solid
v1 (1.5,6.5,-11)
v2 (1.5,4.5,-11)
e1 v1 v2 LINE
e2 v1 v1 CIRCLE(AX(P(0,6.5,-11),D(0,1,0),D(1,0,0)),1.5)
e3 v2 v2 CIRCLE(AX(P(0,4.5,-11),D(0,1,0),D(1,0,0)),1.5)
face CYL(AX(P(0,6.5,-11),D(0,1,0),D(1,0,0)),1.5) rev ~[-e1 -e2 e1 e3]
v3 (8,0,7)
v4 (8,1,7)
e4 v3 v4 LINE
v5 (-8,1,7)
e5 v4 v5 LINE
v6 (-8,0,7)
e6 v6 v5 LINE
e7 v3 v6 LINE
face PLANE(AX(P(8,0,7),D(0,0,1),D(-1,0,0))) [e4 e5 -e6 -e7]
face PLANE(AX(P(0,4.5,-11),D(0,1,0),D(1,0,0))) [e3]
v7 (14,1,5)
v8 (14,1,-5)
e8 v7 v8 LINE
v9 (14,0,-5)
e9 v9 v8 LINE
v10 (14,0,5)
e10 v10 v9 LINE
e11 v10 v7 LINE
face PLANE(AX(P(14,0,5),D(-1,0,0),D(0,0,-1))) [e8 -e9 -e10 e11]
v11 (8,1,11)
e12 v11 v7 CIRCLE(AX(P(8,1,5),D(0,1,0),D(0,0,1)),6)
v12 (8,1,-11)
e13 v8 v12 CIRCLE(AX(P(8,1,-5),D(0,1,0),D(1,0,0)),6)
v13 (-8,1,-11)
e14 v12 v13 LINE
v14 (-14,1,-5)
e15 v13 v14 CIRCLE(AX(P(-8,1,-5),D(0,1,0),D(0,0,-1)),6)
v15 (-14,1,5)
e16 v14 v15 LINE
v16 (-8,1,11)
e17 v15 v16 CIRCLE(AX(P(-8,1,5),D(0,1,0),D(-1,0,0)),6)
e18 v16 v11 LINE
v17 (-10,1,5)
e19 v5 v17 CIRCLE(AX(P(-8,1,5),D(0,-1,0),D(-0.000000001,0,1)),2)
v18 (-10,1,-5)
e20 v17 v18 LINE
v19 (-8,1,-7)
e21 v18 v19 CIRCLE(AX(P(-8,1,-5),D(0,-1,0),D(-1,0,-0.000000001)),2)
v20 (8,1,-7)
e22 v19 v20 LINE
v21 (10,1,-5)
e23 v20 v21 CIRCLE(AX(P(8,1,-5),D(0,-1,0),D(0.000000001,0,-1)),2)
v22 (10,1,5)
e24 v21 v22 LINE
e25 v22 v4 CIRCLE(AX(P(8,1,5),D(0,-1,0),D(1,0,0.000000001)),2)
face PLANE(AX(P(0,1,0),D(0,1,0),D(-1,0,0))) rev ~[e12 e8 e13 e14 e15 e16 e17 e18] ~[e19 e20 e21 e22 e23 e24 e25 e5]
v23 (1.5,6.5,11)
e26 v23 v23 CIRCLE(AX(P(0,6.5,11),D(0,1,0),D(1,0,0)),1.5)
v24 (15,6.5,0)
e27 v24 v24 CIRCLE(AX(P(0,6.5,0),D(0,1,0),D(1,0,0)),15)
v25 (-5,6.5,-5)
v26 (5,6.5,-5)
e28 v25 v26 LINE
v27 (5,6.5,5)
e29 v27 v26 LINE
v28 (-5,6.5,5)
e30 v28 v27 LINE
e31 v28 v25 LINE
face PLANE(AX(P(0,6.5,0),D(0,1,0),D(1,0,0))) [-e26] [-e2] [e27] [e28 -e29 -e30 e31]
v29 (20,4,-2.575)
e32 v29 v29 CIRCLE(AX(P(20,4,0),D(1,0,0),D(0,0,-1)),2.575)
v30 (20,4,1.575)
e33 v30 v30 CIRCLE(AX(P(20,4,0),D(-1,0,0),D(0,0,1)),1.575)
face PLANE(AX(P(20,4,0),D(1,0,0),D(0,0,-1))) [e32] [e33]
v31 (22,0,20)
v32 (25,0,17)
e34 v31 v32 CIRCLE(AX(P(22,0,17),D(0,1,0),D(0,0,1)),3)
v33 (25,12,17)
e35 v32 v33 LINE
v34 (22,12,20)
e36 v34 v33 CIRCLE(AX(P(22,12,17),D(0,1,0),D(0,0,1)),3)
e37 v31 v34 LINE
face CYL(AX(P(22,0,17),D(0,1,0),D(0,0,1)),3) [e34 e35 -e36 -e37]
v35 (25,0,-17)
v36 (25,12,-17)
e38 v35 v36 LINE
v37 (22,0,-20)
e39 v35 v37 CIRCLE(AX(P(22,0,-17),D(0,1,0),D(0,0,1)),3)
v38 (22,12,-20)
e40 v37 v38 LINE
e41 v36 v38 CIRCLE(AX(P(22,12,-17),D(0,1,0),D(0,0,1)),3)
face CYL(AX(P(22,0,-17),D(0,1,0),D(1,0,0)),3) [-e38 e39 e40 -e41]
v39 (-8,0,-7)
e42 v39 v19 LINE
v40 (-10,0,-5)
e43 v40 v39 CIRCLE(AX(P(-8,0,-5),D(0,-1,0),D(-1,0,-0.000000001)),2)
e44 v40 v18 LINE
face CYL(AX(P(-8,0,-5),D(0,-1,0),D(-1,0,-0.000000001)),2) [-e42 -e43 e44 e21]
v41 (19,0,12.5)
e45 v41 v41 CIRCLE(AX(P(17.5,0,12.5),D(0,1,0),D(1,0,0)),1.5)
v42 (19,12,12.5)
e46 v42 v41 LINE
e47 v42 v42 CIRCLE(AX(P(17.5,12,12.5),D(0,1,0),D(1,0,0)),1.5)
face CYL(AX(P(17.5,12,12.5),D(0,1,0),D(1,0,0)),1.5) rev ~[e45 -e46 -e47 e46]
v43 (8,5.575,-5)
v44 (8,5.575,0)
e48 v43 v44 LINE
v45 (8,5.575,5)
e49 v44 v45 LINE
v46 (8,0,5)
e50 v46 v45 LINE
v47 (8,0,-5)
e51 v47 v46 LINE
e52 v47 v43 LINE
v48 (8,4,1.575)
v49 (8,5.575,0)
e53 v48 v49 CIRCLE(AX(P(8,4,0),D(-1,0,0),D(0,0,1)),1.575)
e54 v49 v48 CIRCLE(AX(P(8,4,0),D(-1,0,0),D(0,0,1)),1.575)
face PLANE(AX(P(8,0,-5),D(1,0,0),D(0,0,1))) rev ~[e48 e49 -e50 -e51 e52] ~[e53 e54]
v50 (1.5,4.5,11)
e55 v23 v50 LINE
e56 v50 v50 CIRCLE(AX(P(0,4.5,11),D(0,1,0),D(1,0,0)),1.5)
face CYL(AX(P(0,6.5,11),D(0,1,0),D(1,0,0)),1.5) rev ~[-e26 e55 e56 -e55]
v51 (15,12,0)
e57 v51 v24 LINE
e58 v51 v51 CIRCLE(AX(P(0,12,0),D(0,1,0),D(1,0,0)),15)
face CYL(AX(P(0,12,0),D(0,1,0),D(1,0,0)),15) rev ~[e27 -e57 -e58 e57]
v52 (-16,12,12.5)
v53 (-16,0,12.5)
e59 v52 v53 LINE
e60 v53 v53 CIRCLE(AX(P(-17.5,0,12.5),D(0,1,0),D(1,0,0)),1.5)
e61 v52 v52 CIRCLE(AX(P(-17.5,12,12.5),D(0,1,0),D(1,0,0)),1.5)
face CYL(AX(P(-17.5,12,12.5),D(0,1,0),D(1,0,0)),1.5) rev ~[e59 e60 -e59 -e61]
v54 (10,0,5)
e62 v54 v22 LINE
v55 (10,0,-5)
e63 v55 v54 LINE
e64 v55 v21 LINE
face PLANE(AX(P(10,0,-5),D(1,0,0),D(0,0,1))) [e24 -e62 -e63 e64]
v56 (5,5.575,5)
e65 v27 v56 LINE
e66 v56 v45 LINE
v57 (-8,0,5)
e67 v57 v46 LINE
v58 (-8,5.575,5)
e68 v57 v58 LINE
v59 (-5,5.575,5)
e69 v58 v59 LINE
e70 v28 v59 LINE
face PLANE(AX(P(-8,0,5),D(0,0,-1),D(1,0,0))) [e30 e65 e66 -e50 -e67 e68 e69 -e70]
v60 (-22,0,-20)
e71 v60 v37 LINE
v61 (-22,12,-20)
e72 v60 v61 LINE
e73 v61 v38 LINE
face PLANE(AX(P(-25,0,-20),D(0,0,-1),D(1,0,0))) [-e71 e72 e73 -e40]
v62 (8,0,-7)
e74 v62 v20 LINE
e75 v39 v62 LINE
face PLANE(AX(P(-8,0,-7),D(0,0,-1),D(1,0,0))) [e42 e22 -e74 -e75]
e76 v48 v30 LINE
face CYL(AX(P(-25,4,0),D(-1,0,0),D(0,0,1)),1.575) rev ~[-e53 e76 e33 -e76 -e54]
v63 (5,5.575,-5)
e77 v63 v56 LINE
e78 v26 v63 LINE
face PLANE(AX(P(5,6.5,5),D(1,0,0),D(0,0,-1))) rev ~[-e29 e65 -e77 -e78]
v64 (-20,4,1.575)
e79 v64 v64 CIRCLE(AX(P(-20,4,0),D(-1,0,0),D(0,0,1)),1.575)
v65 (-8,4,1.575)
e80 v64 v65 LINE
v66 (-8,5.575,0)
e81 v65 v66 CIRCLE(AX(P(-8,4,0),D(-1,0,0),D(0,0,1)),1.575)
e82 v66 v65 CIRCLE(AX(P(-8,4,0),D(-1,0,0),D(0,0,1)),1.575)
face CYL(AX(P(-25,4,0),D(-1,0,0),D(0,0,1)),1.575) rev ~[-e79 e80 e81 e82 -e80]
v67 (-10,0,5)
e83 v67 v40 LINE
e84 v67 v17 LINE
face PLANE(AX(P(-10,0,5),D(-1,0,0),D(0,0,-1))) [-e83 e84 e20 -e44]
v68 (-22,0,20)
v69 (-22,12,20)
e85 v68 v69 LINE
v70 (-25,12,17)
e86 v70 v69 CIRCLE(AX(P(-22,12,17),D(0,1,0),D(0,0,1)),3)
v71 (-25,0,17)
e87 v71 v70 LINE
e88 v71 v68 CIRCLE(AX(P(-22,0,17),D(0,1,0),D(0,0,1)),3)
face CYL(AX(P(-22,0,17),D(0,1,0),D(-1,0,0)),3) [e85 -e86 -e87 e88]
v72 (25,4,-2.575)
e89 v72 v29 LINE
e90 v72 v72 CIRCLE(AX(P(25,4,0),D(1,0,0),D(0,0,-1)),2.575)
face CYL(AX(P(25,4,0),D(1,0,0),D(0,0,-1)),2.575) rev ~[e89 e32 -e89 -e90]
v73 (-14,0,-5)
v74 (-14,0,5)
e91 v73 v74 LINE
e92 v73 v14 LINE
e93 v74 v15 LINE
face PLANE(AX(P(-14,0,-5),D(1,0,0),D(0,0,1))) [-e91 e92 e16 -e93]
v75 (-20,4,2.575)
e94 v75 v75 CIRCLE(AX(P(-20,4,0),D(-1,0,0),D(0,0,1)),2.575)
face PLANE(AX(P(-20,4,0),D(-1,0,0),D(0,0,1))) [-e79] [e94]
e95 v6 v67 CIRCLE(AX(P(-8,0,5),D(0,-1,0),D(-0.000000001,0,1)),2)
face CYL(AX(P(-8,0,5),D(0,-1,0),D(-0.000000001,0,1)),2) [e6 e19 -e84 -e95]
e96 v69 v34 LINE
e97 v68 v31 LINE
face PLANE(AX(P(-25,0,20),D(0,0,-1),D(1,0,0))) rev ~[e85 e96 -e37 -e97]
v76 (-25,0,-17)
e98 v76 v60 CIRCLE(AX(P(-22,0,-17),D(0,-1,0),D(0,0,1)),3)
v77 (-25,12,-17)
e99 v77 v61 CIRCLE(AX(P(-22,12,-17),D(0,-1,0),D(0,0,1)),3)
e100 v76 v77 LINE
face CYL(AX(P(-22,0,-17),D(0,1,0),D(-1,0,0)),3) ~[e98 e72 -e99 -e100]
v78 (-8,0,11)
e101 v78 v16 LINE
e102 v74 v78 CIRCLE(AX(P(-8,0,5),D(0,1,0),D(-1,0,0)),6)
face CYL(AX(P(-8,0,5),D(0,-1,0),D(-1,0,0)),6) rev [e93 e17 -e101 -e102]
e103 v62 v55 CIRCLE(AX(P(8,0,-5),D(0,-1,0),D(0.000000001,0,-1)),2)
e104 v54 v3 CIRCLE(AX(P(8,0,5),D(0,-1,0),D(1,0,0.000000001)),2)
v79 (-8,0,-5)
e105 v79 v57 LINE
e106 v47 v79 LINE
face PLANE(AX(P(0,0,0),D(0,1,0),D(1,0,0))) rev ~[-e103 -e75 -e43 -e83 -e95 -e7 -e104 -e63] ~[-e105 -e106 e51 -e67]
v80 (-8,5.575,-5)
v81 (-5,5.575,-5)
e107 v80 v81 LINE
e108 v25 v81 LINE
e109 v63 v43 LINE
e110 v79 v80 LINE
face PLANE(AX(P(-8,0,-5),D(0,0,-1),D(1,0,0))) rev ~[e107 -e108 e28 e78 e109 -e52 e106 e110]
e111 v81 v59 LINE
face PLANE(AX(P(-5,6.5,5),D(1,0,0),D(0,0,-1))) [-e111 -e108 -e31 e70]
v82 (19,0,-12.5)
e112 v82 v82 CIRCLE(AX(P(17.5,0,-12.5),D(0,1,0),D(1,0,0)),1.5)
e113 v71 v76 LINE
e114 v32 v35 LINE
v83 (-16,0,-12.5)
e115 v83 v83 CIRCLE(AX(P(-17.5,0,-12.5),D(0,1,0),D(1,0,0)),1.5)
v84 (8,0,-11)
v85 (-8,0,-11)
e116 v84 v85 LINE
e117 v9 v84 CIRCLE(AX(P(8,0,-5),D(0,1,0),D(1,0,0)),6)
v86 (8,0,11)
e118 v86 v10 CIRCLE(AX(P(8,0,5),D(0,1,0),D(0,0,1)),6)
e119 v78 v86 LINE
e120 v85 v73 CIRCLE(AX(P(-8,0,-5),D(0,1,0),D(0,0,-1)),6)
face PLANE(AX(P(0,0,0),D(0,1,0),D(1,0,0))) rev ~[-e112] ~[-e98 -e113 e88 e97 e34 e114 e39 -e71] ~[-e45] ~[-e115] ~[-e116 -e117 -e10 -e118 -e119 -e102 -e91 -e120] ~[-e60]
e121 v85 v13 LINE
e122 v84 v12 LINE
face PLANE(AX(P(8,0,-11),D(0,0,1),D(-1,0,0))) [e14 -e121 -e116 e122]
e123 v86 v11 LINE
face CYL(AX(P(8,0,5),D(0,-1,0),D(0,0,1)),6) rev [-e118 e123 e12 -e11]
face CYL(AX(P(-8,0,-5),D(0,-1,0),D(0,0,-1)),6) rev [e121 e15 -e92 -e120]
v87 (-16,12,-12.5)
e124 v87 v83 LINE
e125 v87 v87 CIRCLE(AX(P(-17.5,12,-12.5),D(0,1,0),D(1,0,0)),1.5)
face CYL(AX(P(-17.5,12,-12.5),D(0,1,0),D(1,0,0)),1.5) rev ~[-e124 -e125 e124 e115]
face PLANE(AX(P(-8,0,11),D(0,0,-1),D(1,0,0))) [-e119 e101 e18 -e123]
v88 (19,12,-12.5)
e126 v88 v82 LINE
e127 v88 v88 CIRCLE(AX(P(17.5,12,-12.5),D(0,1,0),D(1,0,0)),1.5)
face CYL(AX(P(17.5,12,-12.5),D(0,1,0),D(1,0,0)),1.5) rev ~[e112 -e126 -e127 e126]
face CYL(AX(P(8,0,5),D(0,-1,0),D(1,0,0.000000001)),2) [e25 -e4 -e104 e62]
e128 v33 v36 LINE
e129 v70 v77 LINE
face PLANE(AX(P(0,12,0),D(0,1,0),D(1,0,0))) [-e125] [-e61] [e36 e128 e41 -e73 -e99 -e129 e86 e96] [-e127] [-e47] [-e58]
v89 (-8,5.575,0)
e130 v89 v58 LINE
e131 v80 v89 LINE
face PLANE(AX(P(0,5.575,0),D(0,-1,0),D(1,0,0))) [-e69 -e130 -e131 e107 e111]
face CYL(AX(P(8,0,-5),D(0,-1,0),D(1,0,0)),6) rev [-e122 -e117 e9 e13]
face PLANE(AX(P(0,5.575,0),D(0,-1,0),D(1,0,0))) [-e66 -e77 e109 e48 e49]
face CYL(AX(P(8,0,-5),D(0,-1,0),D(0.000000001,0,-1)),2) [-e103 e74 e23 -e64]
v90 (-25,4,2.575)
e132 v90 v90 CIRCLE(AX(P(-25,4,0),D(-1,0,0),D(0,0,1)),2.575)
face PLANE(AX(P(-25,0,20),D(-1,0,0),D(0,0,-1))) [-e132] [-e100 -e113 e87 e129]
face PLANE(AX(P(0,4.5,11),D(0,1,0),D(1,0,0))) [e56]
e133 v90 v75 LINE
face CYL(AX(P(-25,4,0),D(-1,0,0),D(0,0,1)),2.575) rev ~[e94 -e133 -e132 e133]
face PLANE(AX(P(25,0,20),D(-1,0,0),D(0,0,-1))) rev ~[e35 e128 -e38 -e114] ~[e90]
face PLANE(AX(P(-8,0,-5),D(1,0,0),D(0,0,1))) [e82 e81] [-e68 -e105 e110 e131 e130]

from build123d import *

# Parameters (mm, degrees)
SKETCH1_W            = 50
SKETCH1_H            = 40
BODY_DEPTH           = 12
FILLETBODY_R         = 3
SKETCH41_R           = 1.575
CHANNEL1_DEPTH       = 57
SKETCH42_R           = 2.575
INLET_DEPTH          = 5
SKETCH43_R           = 2.575
OUTLET_DEPTH         = 5
SKETCH44_R           = 15
WINDOW_DEPTH         = 5.5
SKETCH45_W           = 16
SKETCH45_H           = 10
FLOWCH_DEPTH         = 5.575
SKETCH46_W           = 10
SKETCH46_H           = 10
WINDOW_HOLE_DEPTH    = 16
SKETCH49_R           = 1.5
FIXHOLES_DEPTH       = 2
GASKET_DEPTH         = 1
SKETCH3_R            = 1.5
BOLT_HOLE_DEPTH      = 10
BOLT_HOLE_DEPTH_BACK = 31


with BuildPart() as part:
    # Sketch1 → Body (new body)
    with BuildSketch(Plane(origin=(0, 0, 0), x_dir=(1, 0, 0), z_dir=(0, 1, 0))):
        Rectangle(SKETCH1_W, SKETCH1_H)
    extrude(amount=BODY_DEPTH)

    # FilletBody
    filletbody_edges = [part.edges().sort_by_distance(p)[0] for p in [
        (-25, 6, -20),
        (25, 6, -20),
        (25, 6, 20),
        (-25, 6, 20),
    ]]
    fillet(filletbody_edges, radius=FILLETBODY_R)

    # Sketch41 → Channel1 (cut)
    with BuildSketch(Plane.ZY.offset(25)):
        with Locations((0, 4)):
            Circle(SKETCH41_R)
    extrude(amount=-CHANNEL1_DEPTH, mode=Mode.SUBTRACT)

    # Sketch42 → Inlet (cut)
    with BuildSketch(Plane.ZY.offset(25)):
        with Locations((0, 4)):
            Circle(SKETCH42_R)
    extrude(amount=-INLET_DEPTH, mode=Mode.SUBTRACT)

    # Sketch43 → Outlet (cut)
    with BuildSketch(Plane(origin=(25, 0, 0), x_dir=(0, 0, -1), z_dir=(1, 0, 0))):
        with Locations((0, 4)):
            Circle(SKETCH43_R)
    extrude(amount=-OUTLET_DEPTH, mode=Mode.SUBTRACT)

    # Sketch44 → Window (cut)
    with BuildSketch(Plane(origin=(0, 12, 0), x_dir=(1, 0, 0), z_dir=(0, 1, 0))):
        Circle(SKETCH44_R)
    extrude(amount=-WINDOW_DEPTH, mode=Mode.SUBTRACT)

    # Sketch45 → FlowCh (cut)
    with BuildSketch(Plane.XZ):
        Rectangle(SKETCH45_W, SKETCH45_H)
    extrude(amount=-FLOWCH_DEPTH, mode=Mode.SUBTRACT)

    # Sketch46 → Window_hole (cut)
    with BuildSketch(Plane(origin=(0, 6.5, 0), x_dir=(1, 0, 0), z_dir=(0, 1, 0))):
        Rectangle(SKETCH46_W, SKETCH46_H)
    extrude(amount=-WINDOW_HOLE_DEPTH, mode=Mode.SUBTRACT)

    # Sketch49 → FixHoles (cut)
    with BuildSketch(Plane(origin=(0, 6.5, 0), x_dir=(1, 0, 0), z_dir=(0, 1, 0))):
        with Locations((0, 11)):
            Circle(SKETCH49_R)
        with Locations((0, -11)):
            Circle(SKETCH49_R)
    extrude(amount=-FIXHOLES_DEPTH, mode=Mode.SUBTRACT)

    # Sketch50 → Gasket (cut)
    with BuildSketch(Plane.XZ):
        with BuildLine():
            ThreePointArc((8, 11), (12.242640687, 9.242640687), (14, 5))
            Line((14, 5), (14, -5))
            ThreePointArc((14, -5), (12.242640687, -9.242640687), (8, -11))
            Line((8, -11), (-8, -11))
            ThreePointArc((-8, -11), (-12.242640687, -9.242640687), (-14, -5))
            Line((-14, -5), (-14, 5))
            ThreePointArc((-14, 5), (-12.242640687, 9.242640687), (-8, 11))
            Line((-8, 11), (8, 11))
        make_face()
        with BuildLine():
            Line((-8, -7), (8, -7))
            ThreePointArc((8, -7), (9.414213562, -6.414213562), (10, -5))
            Line((10, -5), (10, 5))
            ThreePointArc((10, 5), (9.414213562, 6.414213562), (8, 7))
            Line((8, 7), (-8, 7))
            ThreePointArc((-8, 7), (-9.414213562, 6.414213562), (-10, 5))
            Line((-10, 5), (-10, -5))
            ThreePointArc((-10, -5), (-9.414213562, -6.414213562), (-8, -7))
        make_face(mode=Mode.SUBTRACT)
    extrude(amount=-GASKET_DEPTH, mode=Mode.SUBTRACT)

    # Sketch3 → Bolt_hole (cut, two sides)
    with BuildSketch(Plane(origin=(0, 12, 0), x_dir=(1, 0, 0), z_dir=(0, 1, 0))) as bolt_hole_sk:
        with Locations((-17.5, 12.5)):
            Circle(SKETCH3_R)
        with Locations((17.5, 12.5)):
            Circle(SKETCH3_R)
        with Locations((17.5, -12.5)):
            Circle(SKETCH3_R)
        with Locations((-17.5, -12.5)):
            Circle(SKETCH3_R)
    extrude(amount=BOLT_HOLE_DEPTH, mode=Mode.SUBTRACT)
    extrude(bolt_hole_sk.sketch, amount=-BOLT_HOLE_DEPTH_BACK, mode=Mode.SUBTRACT)


solid = part.part
